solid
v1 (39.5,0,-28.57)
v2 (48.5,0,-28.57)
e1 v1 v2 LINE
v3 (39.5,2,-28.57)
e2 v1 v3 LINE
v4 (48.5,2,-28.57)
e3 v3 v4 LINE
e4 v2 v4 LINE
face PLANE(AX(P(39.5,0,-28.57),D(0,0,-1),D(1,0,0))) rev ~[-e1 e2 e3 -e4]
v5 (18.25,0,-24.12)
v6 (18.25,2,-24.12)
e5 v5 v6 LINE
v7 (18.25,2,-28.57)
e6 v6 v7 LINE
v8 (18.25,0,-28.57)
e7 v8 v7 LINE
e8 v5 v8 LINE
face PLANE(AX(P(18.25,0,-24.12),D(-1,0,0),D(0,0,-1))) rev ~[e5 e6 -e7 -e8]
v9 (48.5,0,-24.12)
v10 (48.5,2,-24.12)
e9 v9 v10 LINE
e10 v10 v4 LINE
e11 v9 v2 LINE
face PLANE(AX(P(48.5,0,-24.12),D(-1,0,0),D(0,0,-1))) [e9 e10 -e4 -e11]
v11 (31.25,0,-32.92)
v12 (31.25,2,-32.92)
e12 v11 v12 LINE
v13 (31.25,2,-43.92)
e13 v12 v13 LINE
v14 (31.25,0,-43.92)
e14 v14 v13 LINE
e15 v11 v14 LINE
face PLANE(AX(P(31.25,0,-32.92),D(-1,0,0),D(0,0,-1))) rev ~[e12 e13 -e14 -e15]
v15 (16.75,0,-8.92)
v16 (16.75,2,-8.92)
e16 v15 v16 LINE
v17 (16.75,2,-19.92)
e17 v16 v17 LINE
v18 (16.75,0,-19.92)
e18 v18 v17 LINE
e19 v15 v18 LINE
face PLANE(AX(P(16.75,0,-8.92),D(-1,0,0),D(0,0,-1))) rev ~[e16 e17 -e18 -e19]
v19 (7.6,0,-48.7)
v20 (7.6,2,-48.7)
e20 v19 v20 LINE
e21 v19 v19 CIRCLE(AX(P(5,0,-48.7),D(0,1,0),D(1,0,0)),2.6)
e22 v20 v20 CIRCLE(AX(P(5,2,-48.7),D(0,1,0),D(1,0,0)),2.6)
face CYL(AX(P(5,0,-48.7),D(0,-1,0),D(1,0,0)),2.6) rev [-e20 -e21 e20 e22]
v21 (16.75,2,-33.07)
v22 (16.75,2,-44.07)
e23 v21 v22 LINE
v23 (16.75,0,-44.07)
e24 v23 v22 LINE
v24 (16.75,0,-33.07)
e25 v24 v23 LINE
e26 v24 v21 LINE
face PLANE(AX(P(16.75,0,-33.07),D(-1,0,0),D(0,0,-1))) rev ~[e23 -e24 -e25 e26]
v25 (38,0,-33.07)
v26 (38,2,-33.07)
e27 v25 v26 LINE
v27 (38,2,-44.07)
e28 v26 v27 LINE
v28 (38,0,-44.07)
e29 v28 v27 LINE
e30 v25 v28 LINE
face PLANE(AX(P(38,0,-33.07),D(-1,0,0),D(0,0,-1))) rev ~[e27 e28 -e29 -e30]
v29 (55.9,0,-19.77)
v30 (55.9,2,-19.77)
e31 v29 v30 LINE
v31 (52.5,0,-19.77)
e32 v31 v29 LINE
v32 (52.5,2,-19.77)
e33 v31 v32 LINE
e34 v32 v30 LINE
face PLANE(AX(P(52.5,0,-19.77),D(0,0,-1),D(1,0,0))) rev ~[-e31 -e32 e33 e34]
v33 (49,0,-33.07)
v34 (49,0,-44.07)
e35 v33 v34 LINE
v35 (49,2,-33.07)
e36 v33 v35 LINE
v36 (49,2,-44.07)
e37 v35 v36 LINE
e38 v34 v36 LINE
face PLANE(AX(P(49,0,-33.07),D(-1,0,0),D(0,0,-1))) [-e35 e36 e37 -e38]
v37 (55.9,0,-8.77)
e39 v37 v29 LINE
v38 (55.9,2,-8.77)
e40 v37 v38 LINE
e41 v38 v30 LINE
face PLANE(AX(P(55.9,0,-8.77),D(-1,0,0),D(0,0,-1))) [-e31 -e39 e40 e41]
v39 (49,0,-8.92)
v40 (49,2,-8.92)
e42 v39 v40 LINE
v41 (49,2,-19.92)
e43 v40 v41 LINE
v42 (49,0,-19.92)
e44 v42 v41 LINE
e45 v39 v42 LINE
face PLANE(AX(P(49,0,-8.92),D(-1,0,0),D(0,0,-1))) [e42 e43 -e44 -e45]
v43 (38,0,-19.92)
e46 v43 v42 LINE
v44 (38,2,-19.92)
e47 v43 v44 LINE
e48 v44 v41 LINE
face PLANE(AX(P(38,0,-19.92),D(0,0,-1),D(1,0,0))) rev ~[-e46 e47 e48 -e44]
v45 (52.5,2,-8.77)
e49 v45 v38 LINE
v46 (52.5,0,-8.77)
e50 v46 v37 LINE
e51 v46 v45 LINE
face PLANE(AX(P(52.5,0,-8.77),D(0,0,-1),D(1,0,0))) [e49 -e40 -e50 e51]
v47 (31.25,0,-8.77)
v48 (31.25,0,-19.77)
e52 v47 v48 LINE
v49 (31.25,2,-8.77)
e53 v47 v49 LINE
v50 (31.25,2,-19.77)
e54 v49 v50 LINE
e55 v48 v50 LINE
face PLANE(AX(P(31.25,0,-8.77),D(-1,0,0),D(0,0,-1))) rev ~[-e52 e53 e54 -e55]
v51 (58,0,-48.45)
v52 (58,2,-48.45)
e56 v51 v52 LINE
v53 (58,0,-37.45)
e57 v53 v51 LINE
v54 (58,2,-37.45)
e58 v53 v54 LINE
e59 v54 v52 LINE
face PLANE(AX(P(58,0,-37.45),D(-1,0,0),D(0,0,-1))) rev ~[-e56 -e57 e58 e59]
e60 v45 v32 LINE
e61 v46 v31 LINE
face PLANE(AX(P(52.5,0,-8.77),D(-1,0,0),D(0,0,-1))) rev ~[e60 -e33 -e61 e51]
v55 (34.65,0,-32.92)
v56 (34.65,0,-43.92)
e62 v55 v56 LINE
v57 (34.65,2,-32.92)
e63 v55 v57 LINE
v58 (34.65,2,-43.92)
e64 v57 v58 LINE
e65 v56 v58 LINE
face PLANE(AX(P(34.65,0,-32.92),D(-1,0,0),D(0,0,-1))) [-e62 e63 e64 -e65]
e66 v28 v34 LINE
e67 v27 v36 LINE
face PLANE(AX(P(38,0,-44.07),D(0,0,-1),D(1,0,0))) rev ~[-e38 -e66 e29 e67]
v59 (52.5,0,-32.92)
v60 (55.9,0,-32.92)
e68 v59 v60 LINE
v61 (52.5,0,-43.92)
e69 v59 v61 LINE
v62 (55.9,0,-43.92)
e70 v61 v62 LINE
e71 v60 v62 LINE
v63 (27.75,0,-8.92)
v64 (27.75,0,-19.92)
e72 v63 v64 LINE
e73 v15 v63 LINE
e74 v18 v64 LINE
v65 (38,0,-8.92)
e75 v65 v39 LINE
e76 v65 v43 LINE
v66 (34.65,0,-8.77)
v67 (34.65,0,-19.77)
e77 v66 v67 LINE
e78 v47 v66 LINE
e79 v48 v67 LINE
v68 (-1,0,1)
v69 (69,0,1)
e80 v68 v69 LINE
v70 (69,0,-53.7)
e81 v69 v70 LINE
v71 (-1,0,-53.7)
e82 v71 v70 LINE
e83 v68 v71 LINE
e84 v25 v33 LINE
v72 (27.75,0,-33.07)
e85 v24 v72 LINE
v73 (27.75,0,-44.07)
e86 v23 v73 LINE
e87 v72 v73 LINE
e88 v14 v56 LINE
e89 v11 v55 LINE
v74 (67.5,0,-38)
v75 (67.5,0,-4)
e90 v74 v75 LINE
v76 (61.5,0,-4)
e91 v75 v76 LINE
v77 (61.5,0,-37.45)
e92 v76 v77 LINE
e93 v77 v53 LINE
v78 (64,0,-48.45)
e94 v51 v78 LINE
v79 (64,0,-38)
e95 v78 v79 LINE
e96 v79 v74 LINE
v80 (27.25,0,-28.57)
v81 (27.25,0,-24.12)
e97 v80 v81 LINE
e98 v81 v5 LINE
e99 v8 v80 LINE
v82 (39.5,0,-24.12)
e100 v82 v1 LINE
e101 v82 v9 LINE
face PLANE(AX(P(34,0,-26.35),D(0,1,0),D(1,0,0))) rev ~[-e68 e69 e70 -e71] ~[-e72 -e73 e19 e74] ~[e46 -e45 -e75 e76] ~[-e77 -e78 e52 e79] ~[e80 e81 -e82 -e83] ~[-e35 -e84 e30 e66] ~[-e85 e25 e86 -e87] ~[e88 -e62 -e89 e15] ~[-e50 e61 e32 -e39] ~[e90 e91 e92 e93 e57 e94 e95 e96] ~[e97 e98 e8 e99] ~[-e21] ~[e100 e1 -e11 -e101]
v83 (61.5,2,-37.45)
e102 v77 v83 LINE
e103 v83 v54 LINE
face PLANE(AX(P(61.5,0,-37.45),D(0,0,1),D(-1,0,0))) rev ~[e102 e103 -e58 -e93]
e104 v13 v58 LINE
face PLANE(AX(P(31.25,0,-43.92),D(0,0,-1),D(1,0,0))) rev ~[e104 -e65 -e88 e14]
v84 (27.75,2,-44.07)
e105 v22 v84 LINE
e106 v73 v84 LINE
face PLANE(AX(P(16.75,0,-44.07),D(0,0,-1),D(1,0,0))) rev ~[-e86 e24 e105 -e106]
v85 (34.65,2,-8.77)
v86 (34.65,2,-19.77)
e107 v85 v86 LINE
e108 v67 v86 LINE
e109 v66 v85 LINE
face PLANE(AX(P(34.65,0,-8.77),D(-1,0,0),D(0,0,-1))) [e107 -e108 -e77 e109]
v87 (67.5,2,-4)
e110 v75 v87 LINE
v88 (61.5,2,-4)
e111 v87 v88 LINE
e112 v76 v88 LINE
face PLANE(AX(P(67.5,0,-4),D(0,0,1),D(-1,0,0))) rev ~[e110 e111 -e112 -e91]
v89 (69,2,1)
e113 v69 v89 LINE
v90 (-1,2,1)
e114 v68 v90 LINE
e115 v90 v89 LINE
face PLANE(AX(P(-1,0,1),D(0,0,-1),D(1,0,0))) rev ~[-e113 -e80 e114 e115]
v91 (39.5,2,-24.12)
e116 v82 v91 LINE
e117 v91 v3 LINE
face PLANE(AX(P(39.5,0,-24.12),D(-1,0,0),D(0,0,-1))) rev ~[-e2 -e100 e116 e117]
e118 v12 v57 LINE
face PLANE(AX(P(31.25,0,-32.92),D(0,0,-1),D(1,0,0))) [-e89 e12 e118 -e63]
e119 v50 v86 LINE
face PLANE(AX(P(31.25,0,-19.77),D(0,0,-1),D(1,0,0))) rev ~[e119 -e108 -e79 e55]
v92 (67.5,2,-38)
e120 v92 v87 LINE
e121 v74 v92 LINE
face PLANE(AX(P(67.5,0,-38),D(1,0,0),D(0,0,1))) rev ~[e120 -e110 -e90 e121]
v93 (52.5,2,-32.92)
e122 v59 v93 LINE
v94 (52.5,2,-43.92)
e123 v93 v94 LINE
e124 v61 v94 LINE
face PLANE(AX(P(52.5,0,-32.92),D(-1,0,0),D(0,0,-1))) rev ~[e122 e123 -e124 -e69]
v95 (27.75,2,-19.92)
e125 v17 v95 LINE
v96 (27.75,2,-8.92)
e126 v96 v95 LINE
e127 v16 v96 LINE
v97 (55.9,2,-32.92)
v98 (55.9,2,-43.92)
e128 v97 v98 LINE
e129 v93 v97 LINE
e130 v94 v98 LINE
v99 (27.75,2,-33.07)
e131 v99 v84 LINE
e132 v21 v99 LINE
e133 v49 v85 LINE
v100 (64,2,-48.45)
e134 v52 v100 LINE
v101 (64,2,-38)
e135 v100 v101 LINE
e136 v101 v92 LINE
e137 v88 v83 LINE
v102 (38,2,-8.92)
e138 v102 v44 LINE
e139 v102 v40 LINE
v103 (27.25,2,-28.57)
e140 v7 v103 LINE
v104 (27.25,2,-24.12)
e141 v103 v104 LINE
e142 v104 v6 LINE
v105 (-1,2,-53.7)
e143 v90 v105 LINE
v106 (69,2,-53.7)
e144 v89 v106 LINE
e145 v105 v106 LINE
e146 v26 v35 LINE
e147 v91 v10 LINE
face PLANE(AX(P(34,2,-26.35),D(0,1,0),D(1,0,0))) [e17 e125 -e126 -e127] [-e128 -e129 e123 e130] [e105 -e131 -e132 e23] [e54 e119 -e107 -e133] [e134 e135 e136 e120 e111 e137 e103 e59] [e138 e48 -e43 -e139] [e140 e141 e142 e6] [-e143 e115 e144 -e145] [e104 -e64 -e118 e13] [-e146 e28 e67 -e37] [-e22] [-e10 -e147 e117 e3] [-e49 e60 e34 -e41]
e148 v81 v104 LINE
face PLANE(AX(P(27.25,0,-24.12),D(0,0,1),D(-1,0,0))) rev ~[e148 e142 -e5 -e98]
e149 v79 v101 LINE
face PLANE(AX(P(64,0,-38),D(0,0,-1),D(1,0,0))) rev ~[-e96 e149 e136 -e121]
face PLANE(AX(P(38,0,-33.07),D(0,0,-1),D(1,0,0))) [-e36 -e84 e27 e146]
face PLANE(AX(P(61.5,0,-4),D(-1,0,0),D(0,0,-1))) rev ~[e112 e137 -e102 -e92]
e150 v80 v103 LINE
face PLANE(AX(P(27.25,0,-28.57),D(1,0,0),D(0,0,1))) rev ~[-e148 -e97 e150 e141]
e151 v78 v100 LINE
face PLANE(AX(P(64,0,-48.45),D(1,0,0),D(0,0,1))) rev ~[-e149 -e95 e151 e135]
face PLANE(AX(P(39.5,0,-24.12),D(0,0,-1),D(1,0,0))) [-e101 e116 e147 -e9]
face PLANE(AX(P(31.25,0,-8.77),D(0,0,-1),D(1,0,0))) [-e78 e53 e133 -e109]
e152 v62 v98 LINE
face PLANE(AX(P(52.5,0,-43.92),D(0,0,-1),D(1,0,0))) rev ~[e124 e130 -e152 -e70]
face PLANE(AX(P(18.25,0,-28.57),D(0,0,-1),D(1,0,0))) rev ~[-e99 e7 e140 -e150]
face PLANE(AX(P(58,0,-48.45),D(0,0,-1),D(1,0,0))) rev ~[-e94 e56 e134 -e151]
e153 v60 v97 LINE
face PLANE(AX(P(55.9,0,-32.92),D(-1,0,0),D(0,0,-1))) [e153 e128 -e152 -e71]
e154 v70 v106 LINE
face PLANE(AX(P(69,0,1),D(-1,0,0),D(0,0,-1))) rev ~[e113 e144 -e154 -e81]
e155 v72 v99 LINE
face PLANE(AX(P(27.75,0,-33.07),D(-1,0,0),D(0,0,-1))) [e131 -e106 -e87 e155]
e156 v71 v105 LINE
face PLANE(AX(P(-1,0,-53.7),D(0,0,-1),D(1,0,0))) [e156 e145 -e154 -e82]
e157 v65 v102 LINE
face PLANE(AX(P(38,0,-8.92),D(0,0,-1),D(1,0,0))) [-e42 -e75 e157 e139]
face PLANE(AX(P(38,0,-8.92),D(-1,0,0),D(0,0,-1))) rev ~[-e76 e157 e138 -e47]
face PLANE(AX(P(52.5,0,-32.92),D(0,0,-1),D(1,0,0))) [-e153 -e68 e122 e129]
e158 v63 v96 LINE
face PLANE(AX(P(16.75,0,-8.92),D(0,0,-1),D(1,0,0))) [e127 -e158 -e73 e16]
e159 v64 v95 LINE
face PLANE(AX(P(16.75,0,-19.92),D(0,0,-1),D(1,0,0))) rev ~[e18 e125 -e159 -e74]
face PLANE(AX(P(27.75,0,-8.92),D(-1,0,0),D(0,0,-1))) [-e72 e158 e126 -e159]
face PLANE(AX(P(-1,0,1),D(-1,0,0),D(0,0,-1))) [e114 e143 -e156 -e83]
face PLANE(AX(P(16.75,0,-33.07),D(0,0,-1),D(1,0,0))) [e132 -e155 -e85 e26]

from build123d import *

# Parameters (mm, degrees)
SKETCH2_W           = 70
SKETCH2_H           = 54.7
SKETCH2_W_2         = 11
SKETCH2_H_2         = 11
SKETCH2_W_3         = 3.4
SKETCH2_W_4         = 9
SKETCH2_H_3         = 4.45
SKETCH2_R           = 2.6
BOSS_EXTRUDE1_DEPTH = 2


with BuildPart() as part:
    # Sketch2 → Boss-Extrude1 (new body)
    with BuildSketch(Plane(origin=(0, 0, 0), x_dir=(1, 0, 0), z_dir=(0, 1, 0))):
        with Locations((34, 26.35)):
            Rectangle(SKETCH2_W, SKETCH2_H)
        with Locations((22.25, 14.42)):
            Rectangle(SKETCH2_W_2, SKETCH2_H_2, mode=Mode.SUBTRACT)
        with Locations((32.95, 14.27)):
            Rectangle(SKETCH2_W_3, SKETCH2_H_2, mode=Mode.SUBTRACT)
        Polygon((18.25, 28.57), (22.75, 28.57), (27.25, 28.57), (27.25, 24.12), (22.75, 24.12), (18.25, 24.12), align=None, mode=Mode.SUBTRACT)
        with Locations((43.5, 14.42)):
            Rectangle(SKETCH2_W_2, SKETCH2_H_2, mode=Mode.SUBTRACT)
        with Locations((44, 26.345)):
            Rectangle(SKETCH2_W_4, SKETCH2_H_3, mode=Mode.SUBTRACT)
        with Locations((54.2, 14.27)):
            Rectangle(SKETCH2_W_3, SKETCH2_H_2, mode=Mode.SUBTRACT)
        Polygon((67.5, 4), (61.5, 4), (61.5, 37.45), (58, 37.45), (58, 48.45), (64, 48.45), (64, 38), (67.5, 38), align=None, mode=Mode.SUBTRACT)
        with Locations((22.25, 38.57)):
            Rectangle(SKETCH2_W_2, SKETCH2_H_2, mode=Mode.SUBTRACT)
        with Locations((32.95, 38.42)):
            Rectangle(SKETCH2_W_3, SKETCH2_H_2, mode=Mode.SUBTRACT)
        with Locations((5, 48.7)):
            Circle(SKETCH2_R, mode=Mode.SUBTRACT)
        with Locations((43.5, 38.57)):
            Rectangle(SKETCH2_W_2, SKETCH2_H_2, mode=Mode.SUBTRACT)
        with Locations((54.2, 38.42)):
            Rectangle(SKETCH2_W_3, SKETCH2_H_2, mode=Mode.SUBTRACT)
    extrude(amount=BOSS_EXTRUDE1_DEPTH)


solid = part.part
